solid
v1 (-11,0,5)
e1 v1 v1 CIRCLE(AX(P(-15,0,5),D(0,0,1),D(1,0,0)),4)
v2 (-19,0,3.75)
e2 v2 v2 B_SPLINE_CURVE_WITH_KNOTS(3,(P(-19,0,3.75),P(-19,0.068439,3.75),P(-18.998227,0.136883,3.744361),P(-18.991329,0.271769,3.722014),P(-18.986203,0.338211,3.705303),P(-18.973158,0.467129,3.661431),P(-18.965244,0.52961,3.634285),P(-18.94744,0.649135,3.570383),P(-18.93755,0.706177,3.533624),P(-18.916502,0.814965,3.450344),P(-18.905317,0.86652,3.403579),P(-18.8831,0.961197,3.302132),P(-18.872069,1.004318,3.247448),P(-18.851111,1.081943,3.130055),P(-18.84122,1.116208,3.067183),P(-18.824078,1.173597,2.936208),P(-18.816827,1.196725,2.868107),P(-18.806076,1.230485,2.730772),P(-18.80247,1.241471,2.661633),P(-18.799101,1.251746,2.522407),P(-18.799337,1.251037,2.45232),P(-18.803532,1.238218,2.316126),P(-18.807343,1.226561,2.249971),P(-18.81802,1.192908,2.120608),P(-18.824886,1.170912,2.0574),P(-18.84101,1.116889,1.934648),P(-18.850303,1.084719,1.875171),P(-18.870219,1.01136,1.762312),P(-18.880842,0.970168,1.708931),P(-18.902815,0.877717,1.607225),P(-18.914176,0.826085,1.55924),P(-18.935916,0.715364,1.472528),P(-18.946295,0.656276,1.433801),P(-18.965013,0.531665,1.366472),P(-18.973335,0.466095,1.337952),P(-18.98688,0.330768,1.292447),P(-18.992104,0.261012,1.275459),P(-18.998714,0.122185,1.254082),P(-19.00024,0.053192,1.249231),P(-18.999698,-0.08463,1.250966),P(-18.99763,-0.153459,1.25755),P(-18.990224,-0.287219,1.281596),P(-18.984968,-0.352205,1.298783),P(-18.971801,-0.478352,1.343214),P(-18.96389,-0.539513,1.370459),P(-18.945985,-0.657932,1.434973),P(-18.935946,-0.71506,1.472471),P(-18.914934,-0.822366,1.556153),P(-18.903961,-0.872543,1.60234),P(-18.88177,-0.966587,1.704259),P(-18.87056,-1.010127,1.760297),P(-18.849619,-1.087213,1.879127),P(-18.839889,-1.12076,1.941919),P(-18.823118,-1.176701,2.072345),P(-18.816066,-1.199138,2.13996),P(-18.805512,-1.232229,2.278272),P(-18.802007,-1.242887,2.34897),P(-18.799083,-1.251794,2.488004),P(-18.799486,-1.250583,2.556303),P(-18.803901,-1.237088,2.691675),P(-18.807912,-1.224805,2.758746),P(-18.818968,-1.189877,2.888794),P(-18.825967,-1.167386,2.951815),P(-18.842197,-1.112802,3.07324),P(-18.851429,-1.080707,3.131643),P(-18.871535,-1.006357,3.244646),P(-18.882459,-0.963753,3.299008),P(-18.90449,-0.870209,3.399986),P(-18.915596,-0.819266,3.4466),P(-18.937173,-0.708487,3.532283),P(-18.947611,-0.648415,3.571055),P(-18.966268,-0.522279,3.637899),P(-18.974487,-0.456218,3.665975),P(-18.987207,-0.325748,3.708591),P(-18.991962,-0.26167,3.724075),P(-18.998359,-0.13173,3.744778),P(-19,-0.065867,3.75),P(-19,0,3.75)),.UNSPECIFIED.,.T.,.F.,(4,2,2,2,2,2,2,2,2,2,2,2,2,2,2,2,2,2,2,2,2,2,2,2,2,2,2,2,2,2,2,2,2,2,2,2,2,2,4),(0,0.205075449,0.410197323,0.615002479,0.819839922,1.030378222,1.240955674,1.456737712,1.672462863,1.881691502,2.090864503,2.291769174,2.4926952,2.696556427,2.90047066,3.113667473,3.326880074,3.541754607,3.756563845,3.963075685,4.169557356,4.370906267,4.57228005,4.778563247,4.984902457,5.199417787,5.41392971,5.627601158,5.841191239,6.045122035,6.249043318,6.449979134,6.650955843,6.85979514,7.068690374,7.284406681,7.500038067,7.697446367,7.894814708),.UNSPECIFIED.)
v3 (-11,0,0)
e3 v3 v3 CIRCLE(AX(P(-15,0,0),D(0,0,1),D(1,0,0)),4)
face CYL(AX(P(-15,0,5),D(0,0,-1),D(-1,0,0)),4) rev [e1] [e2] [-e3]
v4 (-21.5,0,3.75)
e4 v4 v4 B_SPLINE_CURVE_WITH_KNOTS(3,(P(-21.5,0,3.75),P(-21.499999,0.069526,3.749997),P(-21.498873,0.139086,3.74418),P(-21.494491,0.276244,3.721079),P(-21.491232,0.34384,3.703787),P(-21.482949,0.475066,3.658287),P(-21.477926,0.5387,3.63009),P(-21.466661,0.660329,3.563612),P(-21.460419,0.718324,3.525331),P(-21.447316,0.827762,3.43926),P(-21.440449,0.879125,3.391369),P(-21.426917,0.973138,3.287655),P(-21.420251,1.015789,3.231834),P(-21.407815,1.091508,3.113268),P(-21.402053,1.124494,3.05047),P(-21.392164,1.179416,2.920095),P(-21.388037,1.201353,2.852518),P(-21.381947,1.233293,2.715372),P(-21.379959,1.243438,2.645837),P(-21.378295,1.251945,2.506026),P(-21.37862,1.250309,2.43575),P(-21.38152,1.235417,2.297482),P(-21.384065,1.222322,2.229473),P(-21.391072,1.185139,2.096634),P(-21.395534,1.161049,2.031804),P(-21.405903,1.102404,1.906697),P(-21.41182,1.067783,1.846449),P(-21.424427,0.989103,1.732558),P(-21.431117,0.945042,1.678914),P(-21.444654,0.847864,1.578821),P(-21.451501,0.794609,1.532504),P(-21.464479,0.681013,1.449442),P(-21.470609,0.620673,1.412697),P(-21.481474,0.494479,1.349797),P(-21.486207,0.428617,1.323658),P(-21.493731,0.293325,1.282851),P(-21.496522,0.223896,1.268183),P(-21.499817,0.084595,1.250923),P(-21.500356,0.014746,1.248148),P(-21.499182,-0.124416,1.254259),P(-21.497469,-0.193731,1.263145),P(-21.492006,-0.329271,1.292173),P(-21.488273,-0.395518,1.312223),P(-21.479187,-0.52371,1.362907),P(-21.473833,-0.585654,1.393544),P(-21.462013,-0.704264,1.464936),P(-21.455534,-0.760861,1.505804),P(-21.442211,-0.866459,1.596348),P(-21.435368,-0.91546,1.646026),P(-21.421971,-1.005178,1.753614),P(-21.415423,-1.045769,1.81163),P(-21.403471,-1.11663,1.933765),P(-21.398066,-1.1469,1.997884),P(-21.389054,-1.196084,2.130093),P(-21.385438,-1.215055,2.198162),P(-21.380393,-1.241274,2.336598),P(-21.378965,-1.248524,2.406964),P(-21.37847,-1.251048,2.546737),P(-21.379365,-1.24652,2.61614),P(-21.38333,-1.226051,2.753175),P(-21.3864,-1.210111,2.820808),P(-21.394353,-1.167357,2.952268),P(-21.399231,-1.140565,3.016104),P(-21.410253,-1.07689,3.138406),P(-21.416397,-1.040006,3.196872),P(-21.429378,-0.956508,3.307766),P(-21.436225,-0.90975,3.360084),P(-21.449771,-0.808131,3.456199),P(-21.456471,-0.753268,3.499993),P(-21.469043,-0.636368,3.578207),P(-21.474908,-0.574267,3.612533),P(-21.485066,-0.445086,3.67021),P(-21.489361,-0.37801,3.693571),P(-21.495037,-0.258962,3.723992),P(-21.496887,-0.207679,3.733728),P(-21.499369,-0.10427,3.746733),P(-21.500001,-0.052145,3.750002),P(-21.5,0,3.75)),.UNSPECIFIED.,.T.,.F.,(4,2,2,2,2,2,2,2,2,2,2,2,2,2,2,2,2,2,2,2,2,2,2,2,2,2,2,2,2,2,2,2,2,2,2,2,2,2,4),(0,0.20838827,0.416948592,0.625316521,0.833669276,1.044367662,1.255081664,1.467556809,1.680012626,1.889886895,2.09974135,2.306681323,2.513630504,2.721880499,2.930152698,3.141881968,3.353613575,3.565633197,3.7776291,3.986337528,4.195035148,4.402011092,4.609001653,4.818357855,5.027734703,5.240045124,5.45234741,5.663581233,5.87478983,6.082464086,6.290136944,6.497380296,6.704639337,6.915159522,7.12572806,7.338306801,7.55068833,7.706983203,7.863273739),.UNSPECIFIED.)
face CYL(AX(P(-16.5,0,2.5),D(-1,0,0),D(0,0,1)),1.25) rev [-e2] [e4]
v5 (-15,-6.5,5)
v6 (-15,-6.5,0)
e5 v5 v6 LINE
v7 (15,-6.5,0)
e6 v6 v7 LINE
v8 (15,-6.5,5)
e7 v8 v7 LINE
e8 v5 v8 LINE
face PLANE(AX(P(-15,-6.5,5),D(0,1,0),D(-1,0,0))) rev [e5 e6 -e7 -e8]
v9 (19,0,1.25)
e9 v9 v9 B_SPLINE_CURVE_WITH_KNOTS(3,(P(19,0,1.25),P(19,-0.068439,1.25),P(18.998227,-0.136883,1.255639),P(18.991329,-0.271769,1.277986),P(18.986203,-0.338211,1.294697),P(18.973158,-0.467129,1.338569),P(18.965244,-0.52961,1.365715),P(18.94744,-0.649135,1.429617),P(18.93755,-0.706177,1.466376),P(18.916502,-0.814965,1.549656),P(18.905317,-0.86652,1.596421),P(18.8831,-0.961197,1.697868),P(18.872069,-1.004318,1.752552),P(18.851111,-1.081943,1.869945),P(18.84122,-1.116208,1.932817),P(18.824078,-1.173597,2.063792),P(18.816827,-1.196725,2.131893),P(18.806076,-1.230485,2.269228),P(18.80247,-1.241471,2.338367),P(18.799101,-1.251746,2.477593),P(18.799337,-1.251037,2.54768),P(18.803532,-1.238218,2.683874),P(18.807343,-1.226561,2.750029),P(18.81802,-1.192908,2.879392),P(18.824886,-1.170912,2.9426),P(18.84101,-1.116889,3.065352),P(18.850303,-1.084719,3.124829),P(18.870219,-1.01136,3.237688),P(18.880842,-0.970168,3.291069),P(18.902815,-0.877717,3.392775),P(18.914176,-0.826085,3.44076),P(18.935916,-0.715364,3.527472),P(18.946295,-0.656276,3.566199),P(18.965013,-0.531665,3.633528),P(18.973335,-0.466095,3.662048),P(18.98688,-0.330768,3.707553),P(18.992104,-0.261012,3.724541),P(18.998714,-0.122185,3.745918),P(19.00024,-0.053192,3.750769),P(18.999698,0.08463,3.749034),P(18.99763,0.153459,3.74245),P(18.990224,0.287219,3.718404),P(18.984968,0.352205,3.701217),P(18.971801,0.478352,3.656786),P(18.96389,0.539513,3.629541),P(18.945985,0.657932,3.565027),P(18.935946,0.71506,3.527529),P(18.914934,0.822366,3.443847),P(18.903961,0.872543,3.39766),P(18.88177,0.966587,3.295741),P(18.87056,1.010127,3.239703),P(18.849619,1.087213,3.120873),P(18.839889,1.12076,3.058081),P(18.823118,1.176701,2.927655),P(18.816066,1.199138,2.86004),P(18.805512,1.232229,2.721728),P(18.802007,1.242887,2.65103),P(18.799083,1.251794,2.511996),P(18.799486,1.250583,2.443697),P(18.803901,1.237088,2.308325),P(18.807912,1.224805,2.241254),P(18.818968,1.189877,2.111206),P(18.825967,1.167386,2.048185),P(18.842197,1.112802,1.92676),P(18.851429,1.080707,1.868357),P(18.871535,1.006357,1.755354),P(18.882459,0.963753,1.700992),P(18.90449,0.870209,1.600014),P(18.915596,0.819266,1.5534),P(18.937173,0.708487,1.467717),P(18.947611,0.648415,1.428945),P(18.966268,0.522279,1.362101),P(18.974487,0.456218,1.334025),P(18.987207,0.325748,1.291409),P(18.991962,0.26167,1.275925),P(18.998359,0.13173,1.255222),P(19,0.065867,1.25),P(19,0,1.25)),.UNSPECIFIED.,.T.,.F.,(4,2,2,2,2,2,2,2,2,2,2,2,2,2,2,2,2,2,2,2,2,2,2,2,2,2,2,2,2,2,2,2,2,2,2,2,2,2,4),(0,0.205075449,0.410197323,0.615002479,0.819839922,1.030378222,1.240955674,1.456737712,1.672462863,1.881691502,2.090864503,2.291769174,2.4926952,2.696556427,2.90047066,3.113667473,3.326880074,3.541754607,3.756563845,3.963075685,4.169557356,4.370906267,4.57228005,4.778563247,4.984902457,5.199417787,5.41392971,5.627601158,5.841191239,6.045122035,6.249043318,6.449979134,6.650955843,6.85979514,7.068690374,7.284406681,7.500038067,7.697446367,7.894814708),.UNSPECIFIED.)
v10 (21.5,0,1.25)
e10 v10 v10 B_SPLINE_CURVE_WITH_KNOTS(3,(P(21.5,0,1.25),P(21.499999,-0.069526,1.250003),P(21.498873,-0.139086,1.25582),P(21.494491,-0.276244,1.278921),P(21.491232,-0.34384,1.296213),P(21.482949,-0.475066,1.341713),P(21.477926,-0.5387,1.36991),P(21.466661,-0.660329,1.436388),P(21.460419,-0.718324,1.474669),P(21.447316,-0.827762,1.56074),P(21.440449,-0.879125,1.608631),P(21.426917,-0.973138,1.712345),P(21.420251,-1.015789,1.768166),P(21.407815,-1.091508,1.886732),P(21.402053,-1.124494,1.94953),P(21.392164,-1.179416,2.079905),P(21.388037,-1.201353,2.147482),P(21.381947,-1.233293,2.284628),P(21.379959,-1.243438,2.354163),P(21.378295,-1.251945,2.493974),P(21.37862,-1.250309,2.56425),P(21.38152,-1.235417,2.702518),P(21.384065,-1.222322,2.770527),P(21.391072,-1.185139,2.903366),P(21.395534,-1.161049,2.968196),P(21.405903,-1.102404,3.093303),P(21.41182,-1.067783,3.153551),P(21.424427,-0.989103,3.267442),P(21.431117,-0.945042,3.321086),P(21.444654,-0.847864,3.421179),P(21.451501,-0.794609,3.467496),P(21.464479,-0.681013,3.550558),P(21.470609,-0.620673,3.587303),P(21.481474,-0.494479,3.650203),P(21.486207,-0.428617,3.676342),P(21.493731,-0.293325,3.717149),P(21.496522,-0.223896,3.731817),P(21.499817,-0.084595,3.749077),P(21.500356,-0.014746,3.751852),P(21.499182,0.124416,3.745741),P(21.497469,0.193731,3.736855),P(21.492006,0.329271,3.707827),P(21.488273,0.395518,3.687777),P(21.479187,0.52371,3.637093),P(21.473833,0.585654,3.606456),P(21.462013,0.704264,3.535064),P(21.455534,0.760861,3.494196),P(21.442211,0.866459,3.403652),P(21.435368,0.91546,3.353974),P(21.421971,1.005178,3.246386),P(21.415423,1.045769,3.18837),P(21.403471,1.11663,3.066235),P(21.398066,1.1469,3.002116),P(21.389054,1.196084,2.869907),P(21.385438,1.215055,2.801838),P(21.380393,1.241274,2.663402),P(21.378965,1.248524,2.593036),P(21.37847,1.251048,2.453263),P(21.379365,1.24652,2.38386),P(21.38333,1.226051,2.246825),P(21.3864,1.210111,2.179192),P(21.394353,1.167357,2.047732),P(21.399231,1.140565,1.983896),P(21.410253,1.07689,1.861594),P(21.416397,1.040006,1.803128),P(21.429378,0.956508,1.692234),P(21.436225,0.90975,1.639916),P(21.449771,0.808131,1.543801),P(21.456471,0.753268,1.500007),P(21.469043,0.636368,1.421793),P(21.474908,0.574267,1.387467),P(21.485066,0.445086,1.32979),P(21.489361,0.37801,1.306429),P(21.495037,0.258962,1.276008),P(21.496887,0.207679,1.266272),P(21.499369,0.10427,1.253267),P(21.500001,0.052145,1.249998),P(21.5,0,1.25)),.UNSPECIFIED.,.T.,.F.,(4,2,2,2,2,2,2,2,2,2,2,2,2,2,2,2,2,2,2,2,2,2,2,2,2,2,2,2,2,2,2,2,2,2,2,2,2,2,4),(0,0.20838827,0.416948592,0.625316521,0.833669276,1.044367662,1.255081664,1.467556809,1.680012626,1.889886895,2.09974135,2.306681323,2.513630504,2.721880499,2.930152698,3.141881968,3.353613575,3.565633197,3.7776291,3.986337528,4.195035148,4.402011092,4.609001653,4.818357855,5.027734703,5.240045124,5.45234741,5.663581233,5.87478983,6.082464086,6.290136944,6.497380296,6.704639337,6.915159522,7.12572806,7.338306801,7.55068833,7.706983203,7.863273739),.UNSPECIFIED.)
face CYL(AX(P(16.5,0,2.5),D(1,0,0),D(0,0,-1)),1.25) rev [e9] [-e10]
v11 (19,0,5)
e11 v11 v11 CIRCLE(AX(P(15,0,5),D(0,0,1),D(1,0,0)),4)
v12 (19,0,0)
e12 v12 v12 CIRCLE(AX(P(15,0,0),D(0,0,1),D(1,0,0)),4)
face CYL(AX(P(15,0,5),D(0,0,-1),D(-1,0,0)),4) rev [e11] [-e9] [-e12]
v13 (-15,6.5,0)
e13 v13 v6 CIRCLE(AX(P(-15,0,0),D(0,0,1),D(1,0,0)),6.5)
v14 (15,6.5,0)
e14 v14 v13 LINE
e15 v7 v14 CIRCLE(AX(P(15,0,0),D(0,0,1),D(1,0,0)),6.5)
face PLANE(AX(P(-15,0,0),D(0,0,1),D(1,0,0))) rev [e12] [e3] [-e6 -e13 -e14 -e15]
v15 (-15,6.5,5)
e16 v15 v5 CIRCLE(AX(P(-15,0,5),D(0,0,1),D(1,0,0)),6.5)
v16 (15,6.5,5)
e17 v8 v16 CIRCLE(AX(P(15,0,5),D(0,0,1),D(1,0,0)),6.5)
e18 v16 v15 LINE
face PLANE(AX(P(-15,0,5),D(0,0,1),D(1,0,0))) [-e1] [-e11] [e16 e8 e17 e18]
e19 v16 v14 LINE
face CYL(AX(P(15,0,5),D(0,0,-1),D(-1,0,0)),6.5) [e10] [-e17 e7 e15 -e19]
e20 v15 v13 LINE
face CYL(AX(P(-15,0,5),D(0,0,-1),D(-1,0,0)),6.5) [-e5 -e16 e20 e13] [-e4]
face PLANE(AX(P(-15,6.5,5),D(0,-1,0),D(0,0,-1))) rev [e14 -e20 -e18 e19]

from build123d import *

# Parameters (mm, degrees)
SKETCH1_R           = 4
BOSS_EXTRUDE1_DEPTH = 5
CUT_EXTRUDE1_DEPTH  = 5


with BuildPart() as part:
    # Sketch1 → Boss-Extrude1 (new body)
    with BuildSketch(Plane.XY):
        with BuildLine():
            Line((-15, 6.5), (15, 6.5))
            ThreePointArc((15, 6.5), (21.5, 0), (15, -6.5))
            Line((15, -6.5), (-15, -6.5))
            ThreePointArc((-15, -6.5), (-21.5, 0), (-15, 6.5))
        make_face()
        with Locations((-15, 0)):
            Circle(SKETCH1_R, mode=Mode.SUBTRACT)
        with Locations((15, 0)):
            Circle(SKETCH1_R, mode=Mode.SUBTRACT)
    extrude(amount=BOSS_EXTRUDE1_DEPTH)

    # Sketch2 → Cut-Extrude1 (cut)
    with BuildSketch(Plane(origin=(21.5, 0, 0), x_dir=(0, 0, -1), z_dir=(1, 0, 0))):
        with BuildLine():
            ThreePointArc((-3.75, 0), (-2.5, -1.25), (-1.25, 0))
            Line((-1.25, 0), (-3.75, 0))
        make_face()
        with BuildLine():
            Line((-3.75, 0), (-1.25, 0))
            ThreePointArc((-1.25, 0), (-2.5, 1.25), (-3.75, 0))
        make_face()
    cut_extrude1 = extrude(amount=-CUT_EXTRUDE1_DEPTH, mode=Mode.SUBTRACT)

    # Mirror1: Cut-Extrude1 across plane
    add(cut_extrude1.mirror(Plane(origin=(0, 0, 0), x_dir=(0, 0, 1), z_dir=(1, 0, 0))), mode=Mode.SUBTRACT)


solid = part.part
